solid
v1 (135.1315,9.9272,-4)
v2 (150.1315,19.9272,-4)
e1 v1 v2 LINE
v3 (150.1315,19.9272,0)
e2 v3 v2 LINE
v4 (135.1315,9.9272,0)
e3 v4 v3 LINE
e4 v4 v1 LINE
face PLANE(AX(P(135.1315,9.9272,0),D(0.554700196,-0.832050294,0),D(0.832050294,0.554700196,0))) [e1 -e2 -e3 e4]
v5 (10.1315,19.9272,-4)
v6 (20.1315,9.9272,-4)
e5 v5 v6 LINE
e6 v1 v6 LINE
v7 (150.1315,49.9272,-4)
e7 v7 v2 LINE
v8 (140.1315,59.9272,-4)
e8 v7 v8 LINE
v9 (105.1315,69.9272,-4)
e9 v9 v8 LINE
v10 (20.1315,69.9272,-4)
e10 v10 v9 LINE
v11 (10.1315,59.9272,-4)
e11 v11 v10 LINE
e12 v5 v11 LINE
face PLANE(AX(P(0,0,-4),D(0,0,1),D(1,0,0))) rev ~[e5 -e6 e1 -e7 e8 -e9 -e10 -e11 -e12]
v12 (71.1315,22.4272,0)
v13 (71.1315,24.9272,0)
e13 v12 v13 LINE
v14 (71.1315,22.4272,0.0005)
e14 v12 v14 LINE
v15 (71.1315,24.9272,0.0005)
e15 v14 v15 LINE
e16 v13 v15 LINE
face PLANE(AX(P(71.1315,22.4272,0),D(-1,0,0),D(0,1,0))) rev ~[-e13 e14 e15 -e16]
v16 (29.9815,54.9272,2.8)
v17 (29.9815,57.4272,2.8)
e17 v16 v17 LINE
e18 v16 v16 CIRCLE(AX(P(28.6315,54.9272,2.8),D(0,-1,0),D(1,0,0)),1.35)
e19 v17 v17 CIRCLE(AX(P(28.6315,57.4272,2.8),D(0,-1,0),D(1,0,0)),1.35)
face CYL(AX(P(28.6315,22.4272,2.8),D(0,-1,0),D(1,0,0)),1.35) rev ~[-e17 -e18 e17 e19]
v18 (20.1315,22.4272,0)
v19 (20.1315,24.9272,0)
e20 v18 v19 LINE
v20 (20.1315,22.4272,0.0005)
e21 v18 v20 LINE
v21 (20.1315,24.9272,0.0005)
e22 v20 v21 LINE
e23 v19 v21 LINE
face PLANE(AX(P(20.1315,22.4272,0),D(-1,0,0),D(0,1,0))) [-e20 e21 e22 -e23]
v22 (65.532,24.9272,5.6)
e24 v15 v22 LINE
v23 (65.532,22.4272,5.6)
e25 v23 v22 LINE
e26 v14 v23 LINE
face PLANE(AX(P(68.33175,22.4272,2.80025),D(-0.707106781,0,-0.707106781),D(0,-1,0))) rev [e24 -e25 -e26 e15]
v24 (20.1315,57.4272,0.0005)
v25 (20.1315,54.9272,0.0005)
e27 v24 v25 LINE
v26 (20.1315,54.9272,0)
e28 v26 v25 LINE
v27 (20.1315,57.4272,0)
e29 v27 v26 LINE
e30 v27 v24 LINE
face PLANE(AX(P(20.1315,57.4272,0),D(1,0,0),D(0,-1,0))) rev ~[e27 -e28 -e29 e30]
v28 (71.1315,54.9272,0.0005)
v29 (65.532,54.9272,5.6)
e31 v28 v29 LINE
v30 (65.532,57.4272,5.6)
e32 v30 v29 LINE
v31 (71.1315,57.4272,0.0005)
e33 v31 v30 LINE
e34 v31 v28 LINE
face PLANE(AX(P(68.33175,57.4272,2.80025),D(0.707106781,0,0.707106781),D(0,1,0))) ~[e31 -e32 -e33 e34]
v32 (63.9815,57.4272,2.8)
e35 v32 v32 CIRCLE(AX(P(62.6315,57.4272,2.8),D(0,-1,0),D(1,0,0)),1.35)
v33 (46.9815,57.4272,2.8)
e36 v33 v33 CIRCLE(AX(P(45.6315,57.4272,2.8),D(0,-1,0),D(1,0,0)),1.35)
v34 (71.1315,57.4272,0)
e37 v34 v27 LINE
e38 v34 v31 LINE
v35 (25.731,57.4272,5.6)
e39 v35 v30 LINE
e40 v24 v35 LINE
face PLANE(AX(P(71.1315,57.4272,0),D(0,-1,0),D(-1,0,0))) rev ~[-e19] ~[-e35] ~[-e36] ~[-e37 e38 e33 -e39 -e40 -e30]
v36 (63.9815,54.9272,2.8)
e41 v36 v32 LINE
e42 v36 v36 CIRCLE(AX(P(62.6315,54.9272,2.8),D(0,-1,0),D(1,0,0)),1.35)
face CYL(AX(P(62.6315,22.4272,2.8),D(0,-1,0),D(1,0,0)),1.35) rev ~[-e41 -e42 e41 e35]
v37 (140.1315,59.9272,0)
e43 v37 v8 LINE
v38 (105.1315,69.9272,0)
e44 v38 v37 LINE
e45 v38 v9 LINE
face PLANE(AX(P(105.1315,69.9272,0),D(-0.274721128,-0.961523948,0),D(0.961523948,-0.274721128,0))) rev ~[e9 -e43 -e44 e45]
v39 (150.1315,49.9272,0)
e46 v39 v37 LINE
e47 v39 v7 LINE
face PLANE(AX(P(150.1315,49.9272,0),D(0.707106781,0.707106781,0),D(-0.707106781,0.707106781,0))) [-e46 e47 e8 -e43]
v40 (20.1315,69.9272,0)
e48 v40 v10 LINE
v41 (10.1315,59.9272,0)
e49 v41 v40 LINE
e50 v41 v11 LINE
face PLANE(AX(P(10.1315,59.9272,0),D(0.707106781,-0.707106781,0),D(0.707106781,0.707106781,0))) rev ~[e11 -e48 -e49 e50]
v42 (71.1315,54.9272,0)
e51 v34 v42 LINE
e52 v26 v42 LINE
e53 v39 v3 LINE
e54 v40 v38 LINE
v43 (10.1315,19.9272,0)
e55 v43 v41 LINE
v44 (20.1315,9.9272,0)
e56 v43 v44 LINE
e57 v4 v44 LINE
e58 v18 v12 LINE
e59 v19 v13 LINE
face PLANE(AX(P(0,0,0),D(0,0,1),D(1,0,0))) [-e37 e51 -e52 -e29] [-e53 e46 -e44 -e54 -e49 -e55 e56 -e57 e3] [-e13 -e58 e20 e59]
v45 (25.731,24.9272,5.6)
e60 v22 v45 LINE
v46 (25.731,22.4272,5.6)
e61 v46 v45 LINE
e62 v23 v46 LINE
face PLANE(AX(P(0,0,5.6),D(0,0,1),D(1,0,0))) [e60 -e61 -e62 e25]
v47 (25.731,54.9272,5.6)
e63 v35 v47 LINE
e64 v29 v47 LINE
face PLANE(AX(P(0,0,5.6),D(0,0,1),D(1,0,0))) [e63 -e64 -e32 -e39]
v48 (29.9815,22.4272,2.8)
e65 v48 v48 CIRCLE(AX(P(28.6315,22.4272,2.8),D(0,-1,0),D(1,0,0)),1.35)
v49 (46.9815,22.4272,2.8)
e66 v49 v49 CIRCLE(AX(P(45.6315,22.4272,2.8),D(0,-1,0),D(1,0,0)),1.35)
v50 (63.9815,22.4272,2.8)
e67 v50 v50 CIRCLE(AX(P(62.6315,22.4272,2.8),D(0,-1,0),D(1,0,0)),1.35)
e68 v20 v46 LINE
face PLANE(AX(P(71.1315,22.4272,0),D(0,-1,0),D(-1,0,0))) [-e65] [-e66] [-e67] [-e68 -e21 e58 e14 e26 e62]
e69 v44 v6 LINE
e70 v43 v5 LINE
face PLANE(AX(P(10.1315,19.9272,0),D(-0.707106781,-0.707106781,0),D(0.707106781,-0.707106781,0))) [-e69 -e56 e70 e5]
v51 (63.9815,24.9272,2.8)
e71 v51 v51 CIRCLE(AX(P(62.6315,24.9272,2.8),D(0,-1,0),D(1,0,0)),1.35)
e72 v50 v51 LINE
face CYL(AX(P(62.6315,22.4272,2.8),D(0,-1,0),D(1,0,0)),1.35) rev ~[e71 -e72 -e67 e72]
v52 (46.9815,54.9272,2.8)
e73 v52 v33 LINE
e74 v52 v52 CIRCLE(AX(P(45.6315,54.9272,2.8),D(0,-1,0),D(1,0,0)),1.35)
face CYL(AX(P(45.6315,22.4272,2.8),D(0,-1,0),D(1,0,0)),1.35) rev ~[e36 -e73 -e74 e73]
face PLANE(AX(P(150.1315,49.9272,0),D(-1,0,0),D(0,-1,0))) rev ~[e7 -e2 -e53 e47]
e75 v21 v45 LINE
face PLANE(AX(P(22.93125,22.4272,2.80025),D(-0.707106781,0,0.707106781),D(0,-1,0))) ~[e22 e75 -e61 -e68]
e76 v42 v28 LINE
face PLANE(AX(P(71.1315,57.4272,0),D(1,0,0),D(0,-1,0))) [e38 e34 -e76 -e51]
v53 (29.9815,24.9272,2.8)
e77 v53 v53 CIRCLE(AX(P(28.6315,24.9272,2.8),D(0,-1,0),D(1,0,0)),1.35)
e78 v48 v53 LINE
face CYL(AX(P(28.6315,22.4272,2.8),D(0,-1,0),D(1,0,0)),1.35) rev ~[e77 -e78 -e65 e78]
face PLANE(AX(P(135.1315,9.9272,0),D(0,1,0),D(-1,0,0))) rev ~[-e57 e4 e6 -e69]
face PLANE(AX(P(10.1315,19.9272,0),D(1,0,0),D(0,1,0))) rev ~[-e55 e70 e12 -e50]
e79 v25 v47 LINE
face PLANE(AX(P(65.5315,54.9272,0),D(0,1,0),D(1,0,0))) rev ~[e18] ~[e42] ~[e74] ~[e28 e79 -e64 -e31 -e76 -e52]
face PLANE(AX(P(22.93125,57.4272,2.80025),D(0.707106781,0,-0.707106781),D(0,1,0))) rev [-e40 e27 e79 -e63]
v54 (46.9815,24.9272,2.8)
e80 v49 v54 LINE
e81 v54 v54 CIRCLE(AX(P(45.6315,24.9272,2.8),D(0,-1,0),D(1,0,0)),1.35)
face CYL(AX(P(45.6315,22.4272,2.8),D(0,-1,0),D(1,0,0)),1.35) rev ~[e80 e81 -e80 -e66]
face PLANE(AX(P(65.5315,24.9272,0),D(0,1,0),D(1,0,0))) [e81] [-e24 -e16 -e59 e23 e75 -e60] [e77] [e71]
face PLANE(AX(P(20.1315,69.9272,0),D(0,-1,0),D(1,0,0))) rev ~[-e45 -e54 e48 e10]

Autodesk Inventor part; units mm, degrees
ref_plane "YZ Plane" through (0, 0, 0) normal (1, 0, 0) x (0, 1, 0)
ref_plane "XZ Plane" through (0, 0, 0) normal (0, 1, 0) x (-1, 0, 0)
ref_plane "XY Plane" through (0, 0, 0) normal (0, 0, 1) x (1, 0, 0)
sketch "Sketch1" plane through (0, 0, 0) normal (0, 0, 1) x (1, 0, 0)
  line L0 (71.1315, 22.4272) -> (71.1315, 24.9272)
  line L1 (25.7315, 22.4272) -> (25.7315, 24.9272)
  line L2 (65.5315, 22.4272) -> (65.5315, 24.9272)
  line L3 (71.1315, 57.4272) -> (71.1315, 54.9272)
  line L4 (25.7315, 57.4272) -> (25.7315, 54.9272)
  line L5 (65.5315, 57.4272) -> (65.5315, 54.9272)
  line L6 (10.1315, 19.9272) -> (10.1315, 59.9272)
  line L7 (20.1315, 69.9272) -> (105.1315, 69.9272)
  line L8 (150.1315, 49.9272) -> (150.1315, 19.9272)
  line L9 (135.1315, 9.9272) -> (20.1315, 9.9272)
  line L10 (10.1315, 19.9272) -> (20.1315, 9.9272)
  line L11 (105.1315, 69.9272) -> (140.1315, 59.9272)
  line L12 (10.1315, 59.9272) -> (20.1315, 69.9272)
  line L13 (150.1315, 49.9272) -> (140.1315, 59.9272)
  line L14 (135.1315, 9.9272) -> (150.1315, 19.9272)
  line L15 (20.1315, 22.4272) -> (20.1315, 24.9272)
  line L16 (20.1315, 24.9272) -> (71.1315, 24.9272)
  line L17 (71.1315, 22.4272) -> (20.1315, 22.4272)
  line L18 (20.1315, 57.4272) -> (20.1315, 54.9272)
  line L19 (20.1315, 54.9272) -> (71.1315, 54.9272)
  line L20 (71.1315, 57.4272) -> (20.1315, 57.4272)
extrude "Extrusion1" add sketch "Sketch1" against normal blind 4 contours L17 L2 L16 L0 | L17 L1 L16 L2 | L17 L15 L16 L1 | L3 L19 L5 L20 | L5 L19 L4 L20 | L4 L19 L18 L20 | L6 L12 L7 L11 L13 L8 L14 L9 L10
extrude "Extrusion2" add sketch "Sketch1" along normal blind 5.6 contours L17 L2 L16 L0 | L17 L1 L16 L2 | L17 L15 L16 L1 | L3 L19 L5 L20 | L5 L19 L4 L20 | L4 L19 L18 L20
sketch "Sketch2" plane through (20.1315, 22.4272, 5.6) normal (0, -1, 0) x (1, 0, 0)
  line L0 (0, -5.6) -> (0, 0) projected
  circle A0 centre (8.5, -2.8) radius 1.35
  circle A1 centre (25.5, -2.8) radius 1.35
  circle A2 centre (42.5, -2.8) radius 1.35
  point P0 (-20.1315, -5.6)
  dimension "d5" = 2.7
  dimension "d6" = 2.7
  dimension "d7" = 2.7
  dimension "d8" = 17
  dimension "d9" = 17
  dimension "d10" = 8.5
extrude "Extrusion3" cut sketch "Sketch2" against normal through all
chamfer "Chamfer1" distance 5.6 angle 45 4 edges at (20.1315, 23.6772, 5.6) (20.1315, 56.1772, 5.6) (71.1315, 23.6772, 5.6) (71.1315, 56.1772, 5.6)
properties part number "Left foot" material "Aluminum-6061"
